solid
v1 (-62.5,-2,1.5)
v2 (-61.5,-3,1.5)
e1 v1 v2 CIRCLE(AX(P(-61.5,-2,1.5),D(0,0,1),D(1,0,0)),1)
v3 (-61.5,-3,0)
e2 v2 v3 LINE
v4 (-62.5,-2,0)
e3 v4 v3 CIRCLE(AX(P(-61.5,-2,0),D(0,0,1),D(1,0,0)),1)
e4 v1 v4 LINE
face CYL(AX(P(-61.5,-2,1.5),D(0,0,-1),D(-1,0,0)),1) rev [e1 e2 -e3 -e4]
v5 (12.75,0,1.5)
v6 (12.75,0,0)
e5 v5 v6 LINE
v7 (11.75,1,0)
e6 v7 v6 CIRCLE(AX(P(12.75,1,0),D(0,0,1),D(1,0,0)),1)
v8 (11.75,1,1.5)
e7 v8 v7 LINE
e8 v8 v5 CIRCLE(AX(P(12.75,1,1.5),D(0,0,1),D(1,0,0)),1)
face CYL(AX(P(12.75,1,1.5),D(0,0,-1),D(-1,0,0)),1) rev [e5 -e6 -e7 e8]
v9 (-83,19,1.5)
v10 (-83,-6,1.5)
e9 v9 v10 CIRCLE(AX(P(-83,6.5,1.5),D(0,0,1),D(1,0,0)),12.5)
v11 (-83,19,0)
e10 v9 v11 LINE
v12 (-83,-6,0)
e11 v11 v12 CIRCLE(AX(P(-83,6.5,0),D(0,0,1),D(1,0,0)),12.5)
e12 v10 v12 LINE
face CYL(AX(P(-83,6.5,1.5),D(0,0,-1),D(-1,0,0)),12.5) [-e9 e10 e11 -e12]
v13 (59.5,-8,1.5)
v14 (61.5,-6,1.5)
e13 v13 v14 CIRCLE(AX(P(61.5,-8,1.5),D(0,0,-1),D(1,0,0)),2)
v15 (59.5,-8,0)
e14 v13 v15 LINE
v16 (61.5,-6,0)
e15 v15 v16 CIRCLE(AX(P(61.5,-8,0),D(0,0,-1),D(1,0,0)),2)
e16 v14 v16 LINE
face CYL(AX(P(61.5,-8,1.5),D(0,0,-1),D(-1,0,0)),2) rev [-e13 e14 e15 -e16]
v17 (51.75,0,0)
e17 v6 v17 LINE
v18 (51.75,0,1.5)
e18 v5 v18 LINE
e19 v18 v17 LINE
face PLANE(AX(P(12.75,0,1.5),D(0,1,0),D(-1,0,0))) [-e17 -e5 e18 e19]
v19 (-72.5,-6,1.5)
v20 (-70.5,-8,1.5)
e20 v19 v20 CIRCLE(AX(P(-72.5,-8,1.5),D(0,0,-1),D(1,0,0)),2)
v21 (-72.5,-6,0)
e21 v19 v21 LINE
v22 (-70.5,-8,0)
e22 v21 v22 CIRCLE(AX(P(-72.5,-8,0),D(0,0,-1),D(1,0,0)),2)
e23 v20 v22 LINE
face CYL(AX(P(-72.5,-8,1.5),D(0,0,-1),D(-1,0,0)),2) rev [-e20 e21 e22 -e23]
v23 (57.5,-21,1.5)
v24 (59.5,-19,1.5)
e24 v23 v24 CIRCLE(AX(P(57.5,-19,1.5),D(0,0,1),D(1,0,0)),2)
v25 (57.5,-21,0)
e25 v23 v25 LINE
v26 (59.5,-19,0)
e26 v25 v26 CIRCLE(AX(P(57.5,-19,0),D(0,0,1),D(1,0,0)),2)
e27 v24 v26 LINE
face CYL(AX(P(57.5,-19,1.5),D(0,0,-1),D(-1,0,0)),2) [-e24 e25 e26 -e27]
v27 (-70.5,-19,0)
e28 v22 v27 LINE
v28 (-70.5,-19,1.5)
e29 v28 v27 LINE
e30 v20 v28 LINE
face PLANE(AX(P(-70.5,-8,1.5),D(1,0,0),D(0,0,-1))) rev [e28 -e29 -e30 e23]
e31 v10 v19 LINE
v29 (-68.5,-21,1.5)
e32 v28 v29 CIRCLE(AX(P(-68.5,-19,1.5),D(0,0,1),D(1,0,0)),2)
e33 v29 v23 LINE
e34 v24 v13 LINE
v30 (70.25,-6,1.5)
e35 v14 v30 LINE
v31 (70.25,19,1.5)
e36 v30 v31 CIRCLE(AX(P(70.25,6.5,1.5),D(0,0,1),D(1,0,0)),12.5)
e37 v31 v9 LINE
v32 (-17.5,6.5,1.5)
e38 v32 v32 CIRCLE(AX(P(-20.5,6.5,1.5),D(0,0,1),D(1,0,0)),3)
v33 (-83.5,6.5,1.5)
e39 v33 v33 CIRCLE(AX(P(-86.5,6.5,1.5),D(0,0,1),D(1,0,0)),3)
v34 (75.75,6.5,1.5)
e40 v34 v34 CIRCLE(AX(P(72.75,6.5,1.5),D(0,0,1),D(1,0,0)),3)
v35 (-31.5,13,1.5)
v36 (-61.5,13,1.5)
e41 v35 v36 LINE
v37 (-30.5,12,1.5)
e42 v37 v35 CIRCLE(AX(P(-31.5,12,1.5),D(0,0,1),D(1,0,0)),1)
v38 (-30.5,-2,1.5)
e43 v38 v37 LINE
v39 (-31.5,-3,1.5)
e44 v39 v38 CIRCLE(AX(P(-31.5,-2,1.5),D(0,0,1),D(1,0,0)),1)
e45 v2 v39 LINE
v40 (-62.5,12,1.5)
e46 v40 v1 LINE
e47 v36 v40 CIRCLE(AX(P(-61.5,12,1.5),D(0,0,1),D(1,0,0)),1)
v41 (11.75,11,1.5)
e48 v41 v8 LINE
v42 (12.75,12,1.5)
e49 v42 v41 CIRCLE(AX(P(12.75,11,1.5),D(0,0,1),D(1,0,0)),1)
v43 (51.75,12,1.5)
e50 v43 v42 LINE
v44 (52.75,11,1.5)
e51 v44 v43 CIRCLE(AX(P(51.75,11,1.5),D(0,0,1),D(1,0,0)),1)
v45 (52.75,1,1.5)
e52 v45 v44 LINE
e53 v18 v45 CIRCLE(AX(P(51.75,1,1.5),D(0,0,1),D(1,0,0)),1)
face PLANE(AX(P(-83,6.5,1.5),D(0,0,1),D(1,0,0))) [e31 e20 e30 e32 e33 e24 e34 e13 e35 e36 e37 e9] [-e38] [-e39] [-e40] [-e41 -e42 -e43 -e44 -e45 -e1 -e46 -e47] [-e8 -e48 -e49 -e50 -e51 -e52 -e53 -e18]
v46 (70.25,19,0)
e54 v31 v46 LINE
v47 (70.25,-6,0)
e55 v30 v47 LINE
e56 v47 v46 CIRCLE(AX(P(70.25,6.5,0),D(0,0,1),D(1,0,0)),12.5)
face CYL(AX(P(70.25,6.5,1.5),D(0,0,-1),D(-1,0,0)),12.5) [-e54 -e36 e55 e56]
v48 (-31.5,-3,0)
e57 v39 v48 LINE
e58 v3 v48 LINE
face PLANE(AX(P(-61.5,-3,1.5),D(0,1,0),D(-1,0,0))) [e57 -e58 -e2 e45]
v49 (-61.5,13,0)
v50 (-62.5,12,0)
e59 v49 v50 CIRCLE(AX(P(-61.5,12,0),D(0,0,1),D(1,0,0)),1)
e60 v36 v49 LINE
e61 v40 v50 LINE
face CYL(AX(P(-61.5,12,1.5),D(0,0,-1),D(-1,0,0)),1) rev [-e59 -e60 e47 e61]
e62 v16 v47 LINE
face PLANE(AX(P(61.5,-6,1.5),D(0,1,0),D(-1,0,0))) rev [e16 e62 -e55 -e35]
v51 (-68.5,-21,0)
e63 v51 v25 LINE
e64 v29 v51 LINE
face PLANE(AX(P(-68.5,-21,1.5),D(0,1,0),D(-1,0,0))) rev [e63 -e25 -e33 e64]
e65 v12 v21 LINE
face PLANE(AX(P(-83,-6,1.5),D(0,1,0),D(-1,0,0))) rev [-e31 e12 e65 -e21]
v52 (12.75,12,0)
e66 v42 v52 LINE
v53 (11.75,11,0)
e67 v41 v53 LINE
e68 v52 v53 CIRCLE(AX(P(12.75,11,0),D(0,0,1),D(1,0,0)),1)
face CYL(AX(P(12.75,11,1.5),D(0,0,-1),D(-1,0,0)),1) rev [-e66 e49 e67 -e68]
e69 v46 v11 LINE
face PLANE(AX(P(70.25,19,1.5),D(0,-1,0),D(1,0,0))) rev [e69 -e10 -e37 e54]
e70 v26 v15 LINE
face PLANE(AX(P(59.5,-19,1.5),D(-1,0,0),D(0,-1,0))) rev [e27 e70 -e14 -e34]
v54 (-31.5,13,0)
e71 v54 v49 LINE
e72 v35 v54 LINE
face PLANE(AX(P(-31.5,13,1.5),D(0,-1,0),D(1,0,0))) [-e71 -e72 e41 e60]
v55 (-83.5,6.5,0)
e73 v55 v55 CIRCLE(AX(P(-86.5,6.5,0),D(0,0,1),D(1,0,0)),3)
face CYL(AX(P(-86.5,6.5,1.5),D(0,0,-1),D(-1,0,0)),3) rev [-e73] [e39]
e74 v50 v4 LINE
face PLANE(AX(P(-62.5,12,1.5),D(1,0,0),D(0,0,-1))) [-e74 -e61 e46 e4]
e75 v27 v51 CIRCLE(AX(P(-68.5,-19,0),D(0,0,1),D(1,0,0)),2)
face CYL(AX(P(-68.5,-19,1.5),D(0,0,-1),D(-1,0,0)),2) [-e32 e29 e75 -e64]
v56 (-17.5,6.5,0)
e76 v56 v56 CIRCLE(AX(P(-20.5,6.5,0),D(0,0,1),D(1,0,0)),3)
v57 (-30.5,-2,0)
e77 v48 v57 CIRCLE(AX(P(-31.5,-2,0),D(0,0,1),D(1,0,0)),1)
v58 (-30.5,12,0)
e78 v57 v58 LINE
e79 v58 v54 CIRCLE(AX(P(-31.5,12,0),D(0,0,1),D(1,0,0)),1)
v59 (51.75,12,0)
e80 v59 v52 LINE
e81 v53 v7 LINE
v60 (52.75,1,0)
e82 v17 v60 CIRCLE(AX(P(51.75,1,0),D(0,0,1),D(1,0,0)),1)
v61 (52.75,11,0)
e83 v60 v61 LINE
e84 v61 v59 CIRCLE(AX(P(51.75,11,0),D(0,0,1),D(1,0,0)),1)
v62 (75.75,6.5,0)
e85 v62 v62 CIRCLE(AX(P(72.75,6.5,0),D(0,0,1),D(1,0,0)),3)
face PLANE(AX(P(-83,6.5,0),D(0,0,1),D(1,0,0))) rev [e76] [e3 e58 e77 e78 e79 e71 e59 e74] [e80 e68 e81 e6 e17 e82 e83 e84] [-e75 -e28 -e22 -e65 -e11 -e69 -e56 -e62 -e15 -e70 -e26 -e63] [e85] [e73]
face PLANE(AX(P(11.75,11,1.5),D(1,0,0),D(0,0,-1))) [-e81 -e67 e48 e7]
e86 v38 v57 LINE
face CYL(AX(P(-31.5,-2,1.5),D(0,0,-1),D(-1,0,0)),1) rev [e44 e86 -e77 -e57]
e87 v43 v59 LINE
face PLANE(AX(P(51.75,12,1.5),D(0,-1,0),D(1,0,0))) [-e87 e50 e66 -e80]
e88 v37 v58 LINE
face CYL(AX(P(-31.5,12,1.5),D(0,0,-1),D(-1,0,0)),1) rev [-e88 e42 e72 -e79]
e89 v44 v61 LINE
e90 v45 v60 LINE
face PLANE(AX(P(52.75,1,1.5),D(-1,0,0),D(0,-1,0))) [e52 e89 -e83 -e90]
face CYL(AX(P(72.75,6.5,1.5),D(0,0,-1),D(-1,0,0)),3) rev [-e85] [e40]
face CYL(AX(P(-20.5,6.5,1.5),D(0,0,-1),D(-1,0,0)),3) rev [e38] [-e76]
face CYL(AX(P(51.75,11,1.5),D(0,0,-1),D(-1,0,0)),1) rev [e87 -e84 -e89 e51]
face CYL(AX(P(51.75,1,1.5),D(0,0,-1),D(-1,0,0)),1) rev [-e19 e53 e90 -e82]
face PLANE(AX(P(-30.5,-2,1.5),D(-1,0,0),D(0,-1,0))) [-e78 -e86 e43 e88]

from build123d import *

# Parameters (mm, degrees)
ESQUISSE1_R      = 3
EXTRUSION1_DEPTH = 1.5


with BuildPart() as part:
    # Esquisse1 → Extrusion1 (new body)
    with BuildSketch(Plane.XY):
        with BuildLine():
            Line((-83, -6), (-72.5, -6))
            ThreePointArc((-72.5, -6), (-71.085786438, -6.585786438), (-70.5, -8))
            Line((-70.5, -8), (-70.5, -19))
            ThreePointArc((-70.5, -19), (-69.914213562, -20.414213562), (-68.5, -21))
            Line((-68.5, -21), (57.5, -21))
            ThreePointArc((57.5, -21), (58.914213562, -20.414213562), (59.5, -19))
            Line((59.5, -19), (59.5, -8))
            ThreePointArc((59.5, -8), (60.085786438, -6.585786438), (61.5, -6))
            Line((61.5, -6), (70.25, -6))
            ThreePointArc((70.25, -6), (82.75, 6.5), (70.25, 19))
            Line((70.25, 19), (-83, 19))
            ThreePointArc((-83, 19), (-95.5, 6.5), (-83, -6))
        make_face()
        with Locations((-86.5, 6.5)):
            Circle(ESQUISSE1_R, mode=Mode.SUBTRACT)
        with Locations((-20.5, 6.5)):
            Circle(ESQUISSE1_R, mode=Mode.SUBTRACT)
        with Locations((72.75, 6.5)):
            Circle(ESQUISSE1_R, mode=Mode.SUBTRACT)
        with BuildLine():
            Line((-31.5, 13), (-61.5, 13))
            ThreePointArc((-61.5, 13), (-62.207106781, 12.707106781), (-62.5, 12))
            Line((-62.5, 12), (-62.5, -2))
            ThreePointArc((-62.5, -2), (-62.207106781, -2.707106781), (-61.5, -3))
            Line((-61.5, -3), (-31.5, -3))
            ThreePointArc((-31.5, -3), (-30.792893219, -2.707106781), (-30.5, -2))
            Line((-30.5, -2), (-30.5, 12))
            ThreePointArc((-30.5, 12), (-30.792893219, 12.707106781), (-31.5, 13))
        make_face(mode=Mode.SUBTRACT)
        with BuildLine():
            Line((51.75, 12), (12.75, 12))
            ThreePointArc((12.75, 12), (12.042893219, 11.707106781), (11.75, 11))
            Line((11.75, 11), (11.75, 1))
            ThreePointArc((11.75, 1), (12.042893219, 0.292893219), (12.75, 0))
            Line((12.75, 0), (51.75, 0))
            ThreePointArc((51.75, 0), (52.457106781, 0.292893219), (52.75, 1))
            Line((52.75, 1), (52.75, 11))
            ThreePointArc((52.75, 11), (52.457106781, 11.707106781), (51.75, 12))
        make_face(mode=Mode.SUBTRACT)
    extrude(amount=EXTRUSION1_DEPTH)


solid = part.part
